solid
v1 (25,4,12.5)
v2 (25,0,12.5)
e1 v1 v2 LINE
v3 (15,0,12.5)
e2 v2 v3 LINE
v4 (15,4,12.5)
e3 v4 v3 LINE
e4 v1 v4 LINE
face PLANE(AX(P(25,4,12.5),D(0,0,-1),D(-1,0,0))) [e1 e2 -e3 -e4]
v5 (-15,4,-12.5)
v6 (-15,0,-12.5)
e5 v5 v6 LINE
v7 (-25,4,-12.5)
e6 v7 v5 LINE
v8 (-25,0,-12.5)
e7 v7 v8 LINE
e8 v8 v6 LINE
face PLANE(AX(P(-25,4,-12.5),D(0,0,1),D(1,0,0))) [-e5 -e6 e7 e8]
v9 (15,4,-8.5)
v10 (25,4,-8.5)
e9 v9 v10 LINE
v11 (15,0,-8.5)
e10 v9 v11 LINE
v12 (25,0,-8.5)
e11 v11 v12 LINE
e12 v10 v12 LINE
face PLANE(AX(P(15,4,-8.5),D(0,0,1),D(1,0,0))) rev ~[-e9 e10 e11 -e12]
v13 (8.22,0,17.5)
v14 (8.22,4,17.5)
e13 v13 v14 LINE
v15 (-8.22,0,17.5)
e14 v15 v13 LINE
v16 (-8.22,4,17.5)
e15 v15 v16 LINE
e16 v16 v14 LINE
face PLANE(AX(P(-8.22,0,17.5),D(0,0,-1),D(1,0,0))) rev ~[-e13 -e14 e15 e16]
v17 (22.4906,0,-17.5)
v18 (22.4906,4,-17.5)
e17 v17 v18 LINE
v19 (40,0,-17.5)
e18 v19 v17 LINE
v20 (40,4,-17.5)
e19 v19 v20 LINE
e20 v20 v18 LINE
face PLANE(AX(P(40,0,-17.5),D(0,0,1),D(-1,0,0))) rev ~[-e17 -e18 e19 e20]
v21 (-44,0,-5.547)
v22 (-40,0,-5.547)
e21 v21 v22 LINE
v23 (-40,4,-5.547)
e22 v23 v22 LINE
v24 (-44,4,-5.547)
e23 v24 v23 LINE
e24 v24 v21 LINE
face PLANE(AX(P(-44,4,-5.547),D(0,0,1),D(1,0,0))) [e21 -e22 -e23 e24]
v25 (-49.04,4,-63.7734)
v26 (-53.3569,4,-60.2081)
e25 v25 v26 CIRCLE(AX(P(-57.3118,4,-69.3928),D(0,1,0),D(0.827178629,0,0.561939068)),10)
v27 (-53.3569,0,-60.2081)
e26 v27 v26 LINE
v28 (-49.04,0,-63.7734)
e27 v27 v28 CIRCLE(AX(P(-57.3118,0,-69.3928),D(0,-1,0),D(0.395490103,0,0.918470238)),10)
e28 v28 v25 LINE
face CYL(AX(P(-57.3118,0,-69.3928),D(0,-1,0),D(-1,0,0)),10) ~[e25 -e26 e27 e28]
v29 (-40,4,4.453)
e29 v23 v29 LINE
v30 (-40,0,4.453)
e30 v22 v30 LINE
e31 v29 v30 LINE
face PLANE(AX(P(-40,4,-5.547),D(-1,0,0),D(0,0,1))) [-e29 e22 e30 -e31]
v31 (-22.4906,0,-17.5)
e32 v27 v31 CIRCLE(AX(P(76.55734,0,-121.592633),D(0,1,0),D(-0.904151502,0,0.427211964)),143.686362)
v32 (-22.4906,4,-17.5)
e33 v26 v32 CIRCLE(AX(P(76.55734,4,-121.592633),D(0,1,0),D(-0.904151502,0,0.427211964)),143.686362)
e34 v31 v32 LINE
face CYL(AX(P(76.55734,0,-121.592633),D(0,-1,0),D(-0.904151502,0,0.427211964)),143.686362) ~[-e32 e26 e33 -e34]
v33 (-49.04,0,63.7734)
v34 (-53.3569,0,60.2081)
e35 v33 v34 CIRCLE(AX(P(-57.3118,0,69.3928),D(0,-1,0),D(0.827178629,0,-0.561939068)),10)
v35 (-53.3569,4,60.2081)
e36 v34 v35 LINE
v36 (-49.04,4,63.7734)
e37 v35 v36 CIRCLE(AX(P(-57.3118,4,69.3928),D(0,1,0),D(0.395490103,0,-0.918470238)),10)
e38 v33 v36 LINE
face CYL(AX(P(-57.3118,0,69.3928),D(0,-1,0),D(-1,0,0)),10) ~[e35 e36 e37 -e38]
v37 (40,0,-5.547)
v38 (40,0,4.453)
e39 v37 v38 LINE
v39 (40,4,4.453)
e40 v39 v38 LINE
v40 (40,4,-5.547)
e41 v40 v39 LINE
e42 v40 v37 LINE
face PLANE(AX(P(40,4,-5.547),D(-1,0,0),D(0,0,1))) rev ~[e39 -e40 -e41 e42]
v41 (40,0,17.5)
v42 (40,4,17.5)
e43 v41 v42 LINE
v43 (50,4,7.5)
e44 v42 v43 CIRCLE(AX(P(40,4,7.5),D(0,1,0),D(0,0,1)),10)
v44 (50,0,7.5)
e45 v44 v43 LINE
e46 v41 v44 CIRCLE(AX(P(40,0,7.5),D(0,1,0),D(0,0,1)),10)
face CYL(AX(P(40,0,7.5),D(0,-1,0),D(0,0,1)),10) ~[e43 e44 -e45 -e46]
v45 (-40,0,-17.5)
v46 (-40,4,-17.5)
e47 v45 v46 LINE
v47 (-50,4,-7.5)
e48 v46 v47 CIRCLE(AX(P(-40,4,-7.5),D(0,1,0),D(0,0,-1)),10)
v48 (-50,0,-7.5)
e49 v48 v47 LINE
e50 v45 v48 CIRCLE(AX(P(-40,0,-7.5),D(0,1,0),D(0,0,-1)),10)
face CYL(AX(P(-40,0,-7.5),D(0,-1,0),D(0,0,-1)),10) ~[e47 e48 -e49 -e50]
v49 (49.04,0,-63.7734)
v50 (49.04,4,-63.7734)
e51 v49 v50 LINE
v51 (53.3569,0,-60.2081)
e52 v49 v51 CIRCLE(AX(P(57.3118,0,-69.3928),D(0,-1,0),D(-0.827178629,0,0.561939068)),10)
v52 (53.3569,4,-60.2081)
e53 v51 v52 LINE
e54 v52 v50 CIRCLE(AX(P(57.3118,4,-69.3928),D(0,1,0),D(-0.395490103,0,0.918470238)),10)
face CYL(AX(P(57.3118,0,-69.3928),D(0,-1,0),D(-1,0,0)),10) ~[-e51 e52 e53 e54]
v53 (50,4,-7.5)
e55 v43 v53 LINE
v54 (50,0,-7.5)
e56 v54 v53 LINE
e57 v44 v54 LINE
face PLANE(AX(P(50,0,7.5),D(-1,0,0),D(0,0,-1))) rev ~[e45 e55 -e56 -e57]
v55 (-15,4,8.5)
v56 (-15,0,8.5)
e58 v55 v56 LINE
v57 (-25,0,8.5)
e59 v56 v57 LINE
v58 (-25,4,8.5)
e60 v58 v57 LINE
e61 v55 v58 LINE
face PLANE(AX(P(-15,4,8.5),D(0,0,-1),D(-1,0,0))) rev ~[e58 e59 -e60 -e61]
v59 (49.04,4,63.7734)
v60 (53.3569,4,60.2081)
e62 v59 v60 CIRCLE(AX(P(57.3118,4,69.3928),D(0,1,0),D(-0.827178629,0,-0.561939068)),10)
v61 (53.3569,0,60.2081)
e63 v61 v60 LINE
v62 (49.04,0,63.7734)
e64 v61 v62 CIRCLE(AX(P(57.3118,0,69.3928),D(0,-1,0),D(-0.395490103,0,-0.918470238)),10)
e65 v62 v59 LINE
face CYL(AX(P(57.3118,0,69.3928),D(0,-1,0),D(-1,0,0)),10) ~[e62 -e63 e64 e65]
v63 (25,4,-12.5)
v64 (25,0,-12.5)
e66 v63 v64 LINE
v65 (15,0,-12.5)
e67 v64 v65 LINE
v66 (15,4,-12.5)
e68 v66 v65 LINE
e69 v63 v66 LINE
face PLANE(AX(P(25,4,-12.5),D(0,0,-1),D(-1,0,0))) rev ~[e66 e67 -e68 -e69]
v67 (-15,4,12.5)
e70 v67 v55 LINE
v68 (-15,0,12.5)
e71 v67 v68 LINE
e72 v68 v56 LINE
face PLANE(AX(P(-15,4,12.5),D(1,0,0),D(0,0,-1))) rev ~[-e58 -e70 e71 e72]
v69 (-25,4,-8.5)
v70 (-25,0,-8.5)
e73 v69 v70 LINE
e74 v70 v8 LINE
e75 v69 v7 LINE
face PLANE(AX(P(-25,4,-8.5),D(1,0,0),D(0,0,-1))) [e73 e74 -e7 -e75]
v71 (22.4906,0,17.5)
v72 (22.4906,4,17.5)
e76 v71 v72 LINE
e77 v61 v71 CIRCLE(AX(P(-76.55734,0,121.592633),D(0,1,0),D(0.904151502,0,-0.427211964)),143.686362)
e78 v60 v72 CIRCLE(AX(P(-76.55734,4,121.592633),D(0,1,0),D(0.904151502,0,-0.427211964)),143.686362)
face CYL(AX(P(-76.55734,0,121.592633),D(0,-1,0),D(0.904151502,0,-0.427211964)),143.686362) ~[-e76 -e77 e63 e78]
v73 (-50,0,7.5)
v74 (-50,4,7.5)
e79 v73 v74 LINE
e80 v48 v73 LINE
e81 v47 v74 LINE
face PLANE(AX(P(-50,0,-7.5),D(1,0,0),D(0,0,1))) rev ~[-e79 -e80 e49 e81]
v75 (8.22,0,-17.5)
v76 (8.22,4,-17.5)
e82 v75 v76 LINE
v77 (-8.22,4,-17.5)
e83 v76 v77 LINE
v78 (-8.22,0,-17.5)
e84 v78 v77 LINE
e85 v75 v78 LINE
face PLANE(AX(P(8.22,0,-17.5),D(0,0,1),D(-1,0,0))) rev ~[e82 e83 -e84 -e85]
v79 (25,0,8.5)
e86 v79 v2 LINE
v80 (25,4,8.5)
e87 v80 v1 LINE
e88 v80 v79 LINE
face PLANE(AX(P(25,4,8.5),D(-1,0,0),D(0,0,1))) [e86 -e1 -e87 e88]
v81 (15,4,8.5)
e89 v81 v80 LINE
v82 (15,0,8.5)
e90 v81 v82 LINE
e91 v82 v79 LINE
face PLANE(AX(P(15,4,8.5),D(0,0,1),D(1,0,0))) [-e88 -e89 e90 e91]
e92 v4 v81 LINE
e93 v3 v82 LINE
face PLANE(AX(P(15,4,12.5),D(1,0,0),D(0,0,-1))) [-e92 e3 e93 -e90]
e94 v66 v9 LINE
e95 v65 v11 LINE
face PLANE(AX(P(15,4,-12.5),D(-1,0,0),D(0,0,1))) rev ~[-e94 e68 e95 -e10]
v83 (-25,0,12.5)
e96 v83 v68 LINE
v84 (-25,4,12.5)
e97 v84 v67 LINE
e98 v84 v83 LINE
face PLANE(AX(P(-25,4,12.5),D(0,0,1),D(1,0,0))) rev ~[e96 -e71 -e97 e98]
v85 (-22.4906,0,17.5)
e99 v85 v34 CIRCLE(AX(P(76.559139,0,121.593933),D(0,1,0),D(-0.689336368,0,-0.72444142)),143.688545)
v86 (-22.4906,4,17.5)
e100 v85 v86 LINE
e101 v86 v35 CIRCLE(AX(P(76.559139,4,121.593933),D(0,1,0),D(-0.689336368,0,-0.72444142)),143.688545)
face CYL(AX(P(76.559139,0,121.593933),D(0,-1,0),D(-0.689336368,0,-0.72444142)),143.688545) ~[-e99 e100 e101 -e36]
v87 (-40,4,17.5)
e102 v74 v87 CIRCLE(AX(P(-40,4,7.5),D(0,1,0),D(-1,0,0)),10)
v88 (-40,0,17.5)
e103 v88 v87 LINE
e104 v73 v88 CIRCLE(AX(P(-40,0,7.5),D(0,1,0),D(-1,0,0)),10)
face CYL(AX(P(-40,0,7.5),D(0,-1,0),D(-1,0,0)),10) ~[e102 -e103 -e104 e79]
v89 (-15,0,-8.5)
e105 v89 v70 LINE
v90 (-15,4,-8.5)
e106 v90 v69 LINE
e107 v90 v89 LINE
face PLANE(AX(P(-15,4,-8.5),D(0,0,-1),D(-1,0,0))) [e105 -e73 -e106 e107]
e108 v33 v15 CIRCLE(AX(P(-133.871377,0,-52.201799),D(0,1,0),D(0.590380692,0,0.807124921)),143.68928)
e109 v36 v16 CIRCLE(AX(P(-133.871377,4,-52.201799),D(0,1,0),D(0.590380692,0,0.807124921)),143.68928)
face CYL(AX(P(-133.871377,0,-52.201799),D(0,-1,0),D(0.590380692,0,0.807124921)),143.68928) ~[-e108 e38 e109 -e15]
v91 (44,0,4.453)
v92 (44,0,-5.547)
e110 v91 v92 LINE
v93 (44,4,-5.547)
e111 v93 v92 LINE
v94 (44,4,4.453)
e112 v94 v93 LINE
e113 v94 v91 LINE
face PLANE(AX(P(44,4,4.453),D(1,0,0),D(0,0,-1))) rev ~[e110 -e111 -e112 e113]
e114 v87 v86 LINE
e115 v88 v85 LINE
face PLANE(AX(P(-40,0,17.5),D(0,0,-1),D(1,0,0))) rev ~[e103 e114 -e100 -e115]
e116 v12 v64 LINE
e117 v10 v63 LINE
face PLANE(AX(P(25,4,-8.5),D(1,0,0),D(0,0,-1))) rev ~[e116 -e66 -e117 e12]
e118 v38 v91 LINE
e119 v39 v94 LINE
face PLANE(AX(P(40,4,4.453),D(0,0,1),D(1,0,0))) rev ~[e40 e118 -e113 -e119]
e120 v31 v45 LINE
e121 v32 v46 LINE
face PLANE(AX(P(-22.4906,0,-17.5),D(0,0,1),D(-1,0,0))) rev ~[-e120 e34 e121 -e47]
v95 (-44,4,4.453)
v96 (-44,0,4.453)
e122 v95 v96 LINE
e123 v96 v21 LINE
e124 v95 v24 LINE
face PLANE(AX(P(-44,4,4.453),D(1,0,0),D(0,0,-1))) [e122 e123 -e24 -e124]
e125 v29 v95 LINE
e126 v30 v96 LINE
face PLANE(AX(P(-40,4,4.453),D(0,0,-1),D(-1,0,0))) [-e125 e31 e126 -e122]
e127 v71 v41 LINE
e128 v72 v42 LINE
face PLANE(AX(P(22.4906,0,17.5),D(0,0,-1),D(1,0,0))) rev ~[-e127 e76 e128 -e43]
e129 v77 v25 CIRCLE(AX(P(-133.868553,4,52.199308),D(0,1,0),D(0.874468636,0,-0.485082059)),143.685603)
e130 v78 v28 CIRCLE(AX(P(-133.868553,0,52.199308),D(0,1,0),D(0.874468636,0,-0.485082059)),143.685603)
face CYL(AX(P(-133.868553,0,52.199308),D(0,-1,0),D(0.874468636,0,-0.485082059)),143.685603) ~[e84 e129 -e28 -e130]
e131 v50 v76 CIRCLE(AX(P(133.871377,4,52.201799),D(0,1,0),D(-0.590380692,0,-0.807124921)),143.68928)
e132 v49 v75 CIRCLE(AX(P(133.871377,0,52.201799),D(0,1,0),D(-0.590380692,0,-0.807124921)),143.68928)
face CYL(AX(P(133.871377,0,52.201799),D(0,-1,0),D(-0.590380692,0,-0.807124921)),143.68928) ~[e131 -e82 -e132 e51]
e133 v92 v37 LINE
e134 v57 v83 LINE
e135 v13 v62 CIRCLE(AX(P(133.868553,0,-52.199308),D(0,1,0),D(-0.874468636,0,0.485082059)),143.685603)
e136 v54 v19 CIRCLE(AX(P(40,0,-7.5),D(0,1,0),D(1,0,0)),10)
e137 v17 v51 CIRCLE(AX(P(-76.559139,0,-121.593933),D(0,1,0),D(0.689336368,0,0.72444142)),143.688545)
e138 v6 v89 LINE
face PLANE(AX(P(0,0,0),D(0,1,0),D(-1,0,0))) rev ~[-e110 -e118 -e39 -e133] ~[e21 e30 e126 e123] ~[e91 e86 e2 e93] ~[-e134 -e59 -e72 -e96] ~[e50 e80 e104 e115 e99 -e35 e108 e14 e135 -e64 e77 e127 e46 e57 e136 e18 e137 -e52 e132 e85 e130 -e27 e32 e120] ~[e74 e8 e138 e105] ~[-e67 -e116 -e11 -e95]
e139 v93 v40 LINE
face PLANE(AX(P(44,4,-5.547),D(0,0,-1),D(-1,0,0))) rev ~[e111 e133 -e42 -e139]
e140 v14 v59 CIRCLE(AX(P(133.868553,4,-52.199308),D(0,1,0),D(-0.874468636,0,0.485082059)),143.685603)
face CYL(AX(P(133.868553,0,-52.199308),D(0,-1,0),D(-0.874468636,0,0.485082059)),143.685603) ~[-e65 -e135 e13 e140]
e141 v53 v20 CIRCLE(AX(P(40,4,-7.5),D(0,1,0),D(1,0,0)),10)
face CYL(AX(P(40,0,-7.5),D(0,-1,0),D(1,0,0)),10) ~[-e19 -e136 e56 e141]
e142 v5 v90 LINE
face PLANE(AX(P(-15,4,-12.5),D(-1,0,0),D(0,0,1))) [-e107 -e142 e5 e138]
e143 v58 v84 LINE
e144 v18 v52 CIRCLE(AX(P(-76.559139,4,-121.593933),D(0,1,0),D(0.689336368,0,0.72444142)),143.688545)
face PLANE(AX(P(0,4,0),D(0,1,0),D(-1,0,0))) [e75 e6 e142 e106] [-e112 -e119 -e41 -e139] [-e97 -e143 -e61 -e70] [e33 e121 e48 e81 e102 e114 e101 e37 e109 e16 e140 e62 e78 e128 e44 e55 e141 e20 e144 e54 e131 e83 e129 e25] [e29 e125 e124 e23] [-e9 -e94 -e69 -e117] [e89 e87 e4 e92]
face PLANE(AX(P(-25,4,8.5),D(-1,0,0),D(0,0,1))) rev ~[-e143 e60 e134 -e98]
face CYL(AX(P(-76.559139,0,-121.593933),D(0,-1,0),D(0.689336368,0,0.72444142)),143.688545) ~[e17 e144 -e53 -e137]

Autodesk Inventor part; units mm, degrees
ref_plane "YZ Plane" through (0, 0, 0) normal (1, 0, 0) x (0, 1, 0)
ref_plane "XZ Plane" through (0, 0, 0) normal (0, 1, 0) x (-1, 0, 0)
ref_plane "XY Plane" through (0, 0, 0) normal (0, 0, 1) x (1, 0, 0)
sketch "Эскиз1" plane through (0, 0, 0) normal (0, 1, 0) x (-1, 0, 0)
  line L0 (40, 17.5) -> (-40, 17.5)
  line L1 (-50, 7.5) -> (-50, -7.5)
  line L2 (-40, -17.5) -> (40, -17.5)
  line L3 (50, -7.5) -> (50, 7.5)
  line L4 (0, 0) -> (103.6754, 0) construction
  line L5 (0, 0) -> (0, -121.5896) construction
  line L6 (14.4533, -17.5) -> (50.9438, -61.6825)
  circle A0 centre (57.3118, -69.3928) radius 10
  arc A1 (53.3569, -60.2081) -> (22.4906, -17.5) centre (-76.5583, -121.5932) ccw
  line L7 (0, 0) -> (119.3987, -22.9778) construction
  arc A2 (8.22, -17.5) -> (49.04, -63.7734) centre (133.8701, 52.2004) ccw
  arc A3 (40, -17.5) -> (50, -7.5) centre (40, -7.5) ccw
  arc A4 (50, 7.5) -> (40, 17.5) centre (40, 7.5) ccw
  arc A5 (-40, 17.5) -> (-50, 7.5) centre (-40, 7.5) ccw
  arc A6 (-50, -7.5) -> (-40, -17.5) centre (-40, -7.5) ccw
  line L8 (-14.4533, -17.5) -> (-50.9438, -61.6825)
  circle A7 centre (-57.3118, -69.3928) radius 10
  arc A8 (-22.4906, -17.5) -> (-53.3569, -60.2081) centre (76.5583, -121.5932) ccw
  arc A9 (-49.04, -63.7734) -> (-8.22, -17.5) centre (-133.8701, 52.2004) ccw
  line L9 (0, 0) -> (0, 121.5896) construction
  line L10 (14.4533, 17.5) -> (50.9438, 61.6825)
  circle A10 centre (57.3118, 69.3928) radius 10
  arc A11 (22.4906, 17.5) -> (53.3569, 60.2081) centre (-76.5583, 121.5932) ccw
  arc A12 (49.04, 63.7734) -> (8.22, 17.5) centre (133.8701, -52.2004) ccw
  circle A13 centre (-57.3118, 69.3928) radius 10
  arc A14 (-53.3569, 60.2081) -> (-22.4906, 17.5) centre (76.5583, 121.5932) ccw
  line L11 (-14.4533, 17.5) -> (-50.9438, 61.6825)
  arc A15 (-8.22, 17.5) -> (-49.04, 63.7734) centre (-133.8701, -52.2004) ccw
  point P0 (50, 17.5)
  point P1 (-50, -17.5)
  point P2 (50, -17.5)
  point P3 (-22.4906, -17.5)
  point P4 (-8.22, -17.5)
  point P5 (22.4906, 17.5)
  point P6 (8.22, 17.5)
  point P7 (-8.22, 17.5)
  point P8 (-22.4906, 17.5)
  dimension "d0" = 35
  dimension "d1" = 100
  dimension "d2" = 50
  dimension "d3" = 35
  dimension "d4" = 17.5
  dimension "d5" = 80
  dimension "d6" = 20
  dimension "d7" = 10
  dimension "d8" = 10
extrude "Выдавливание1" add sketch "Эскиз1" along normal blind 4
sketch "Эскиз2" plane through (0, 4, 0) normal (0, 1, 0) x (1, 0, 0)
  line L0 (-25, -12.5) -> (-15, -12.5)
  line L1 (-15, -12.5) -> (-15, -8.5)
  line L2 (-15, -8.5) -> (-25, -8.5)
  line L3 (-25, -8.5) -> (-25, -12.5)
  line L4 (-50, 7.5) -> (-50, -7.5) projected
  line L5 (-40, -17.5) -> (-22.4906, -17.5) projected
  line L6 (0, 0) -> (-53.5692, 0) construction
  line L7 (0, 0) -> (0, -51.6418) construction
  line L8 (-25, 12.5) -> (-15, 12.5)
  line L9 (-15, 12.5) -> (-15, 8.5)
  line L10 (-15, 8.5) -> (-25, 8.5)
  line L11 (-25, 8.5) -> (-25, 12.5)
  line L12 (-40, 17.5) -> (-22.4906, 17.5)
  line L13 (0, 0) -> (0, 51.6418) construction
  line L14 (25, -12.5) -> (15, -12.5)
  line L15 (15, -12.5) -> (15, -8.5)
  line L16 (15, -8.5) -> (25, -8.5)
  line L17 (25, -8.5) -> (25, -12.5)
  line L18 (25, 12.5) -> (15, 12.5)
  line L19 (15, 12.5) -> (15, 8.5)
  line L20 (15, 8.5) -> (25, 8.5)
  line L21 (25, 8.5) -> (25, 12.5)
  dimension "d11" = 4
  dimension "d12" = 10
  dimension "d13" = 25
  dimension "d14" = 5
extrude "Выдавливание2" cut sketch "Эскиз2" against normal blind 4
sketch "Эскиз3" plane through (0, 4, 0) normal (0, 1, 0) x (1, 0, 0)
  line L0 (-40, -4.453) -> (-44, -4.453)
  line L1 (-44, -4.453) -> (-44, 5.547)
  line L2 (-44, 5.547) -> (-40, 5.547)
  line L3 (-40, 5.547) -> (-40, -4.453)
  line L4 (-50, 7.5) -> (-50, -7.5) projected
  line L5 (0, 0) -> (0, 42.0711) construction
  line L6 (40, -4.453) -> (44, -4.453)
  line L7 (44, -4.453) -> (44, 5.547)
  line L8 (44, 5.547) -> (40, 5.547)
  line L9 (40, 5.547) -> (40, -4.453)
  dimension "d17" = 10
  dimension "d18" = 4
  dimension "d19" = 10
extrude "Выдавливание3" cut sketch "Эскиз3" against normal blind 4
properties part number "Dron"
